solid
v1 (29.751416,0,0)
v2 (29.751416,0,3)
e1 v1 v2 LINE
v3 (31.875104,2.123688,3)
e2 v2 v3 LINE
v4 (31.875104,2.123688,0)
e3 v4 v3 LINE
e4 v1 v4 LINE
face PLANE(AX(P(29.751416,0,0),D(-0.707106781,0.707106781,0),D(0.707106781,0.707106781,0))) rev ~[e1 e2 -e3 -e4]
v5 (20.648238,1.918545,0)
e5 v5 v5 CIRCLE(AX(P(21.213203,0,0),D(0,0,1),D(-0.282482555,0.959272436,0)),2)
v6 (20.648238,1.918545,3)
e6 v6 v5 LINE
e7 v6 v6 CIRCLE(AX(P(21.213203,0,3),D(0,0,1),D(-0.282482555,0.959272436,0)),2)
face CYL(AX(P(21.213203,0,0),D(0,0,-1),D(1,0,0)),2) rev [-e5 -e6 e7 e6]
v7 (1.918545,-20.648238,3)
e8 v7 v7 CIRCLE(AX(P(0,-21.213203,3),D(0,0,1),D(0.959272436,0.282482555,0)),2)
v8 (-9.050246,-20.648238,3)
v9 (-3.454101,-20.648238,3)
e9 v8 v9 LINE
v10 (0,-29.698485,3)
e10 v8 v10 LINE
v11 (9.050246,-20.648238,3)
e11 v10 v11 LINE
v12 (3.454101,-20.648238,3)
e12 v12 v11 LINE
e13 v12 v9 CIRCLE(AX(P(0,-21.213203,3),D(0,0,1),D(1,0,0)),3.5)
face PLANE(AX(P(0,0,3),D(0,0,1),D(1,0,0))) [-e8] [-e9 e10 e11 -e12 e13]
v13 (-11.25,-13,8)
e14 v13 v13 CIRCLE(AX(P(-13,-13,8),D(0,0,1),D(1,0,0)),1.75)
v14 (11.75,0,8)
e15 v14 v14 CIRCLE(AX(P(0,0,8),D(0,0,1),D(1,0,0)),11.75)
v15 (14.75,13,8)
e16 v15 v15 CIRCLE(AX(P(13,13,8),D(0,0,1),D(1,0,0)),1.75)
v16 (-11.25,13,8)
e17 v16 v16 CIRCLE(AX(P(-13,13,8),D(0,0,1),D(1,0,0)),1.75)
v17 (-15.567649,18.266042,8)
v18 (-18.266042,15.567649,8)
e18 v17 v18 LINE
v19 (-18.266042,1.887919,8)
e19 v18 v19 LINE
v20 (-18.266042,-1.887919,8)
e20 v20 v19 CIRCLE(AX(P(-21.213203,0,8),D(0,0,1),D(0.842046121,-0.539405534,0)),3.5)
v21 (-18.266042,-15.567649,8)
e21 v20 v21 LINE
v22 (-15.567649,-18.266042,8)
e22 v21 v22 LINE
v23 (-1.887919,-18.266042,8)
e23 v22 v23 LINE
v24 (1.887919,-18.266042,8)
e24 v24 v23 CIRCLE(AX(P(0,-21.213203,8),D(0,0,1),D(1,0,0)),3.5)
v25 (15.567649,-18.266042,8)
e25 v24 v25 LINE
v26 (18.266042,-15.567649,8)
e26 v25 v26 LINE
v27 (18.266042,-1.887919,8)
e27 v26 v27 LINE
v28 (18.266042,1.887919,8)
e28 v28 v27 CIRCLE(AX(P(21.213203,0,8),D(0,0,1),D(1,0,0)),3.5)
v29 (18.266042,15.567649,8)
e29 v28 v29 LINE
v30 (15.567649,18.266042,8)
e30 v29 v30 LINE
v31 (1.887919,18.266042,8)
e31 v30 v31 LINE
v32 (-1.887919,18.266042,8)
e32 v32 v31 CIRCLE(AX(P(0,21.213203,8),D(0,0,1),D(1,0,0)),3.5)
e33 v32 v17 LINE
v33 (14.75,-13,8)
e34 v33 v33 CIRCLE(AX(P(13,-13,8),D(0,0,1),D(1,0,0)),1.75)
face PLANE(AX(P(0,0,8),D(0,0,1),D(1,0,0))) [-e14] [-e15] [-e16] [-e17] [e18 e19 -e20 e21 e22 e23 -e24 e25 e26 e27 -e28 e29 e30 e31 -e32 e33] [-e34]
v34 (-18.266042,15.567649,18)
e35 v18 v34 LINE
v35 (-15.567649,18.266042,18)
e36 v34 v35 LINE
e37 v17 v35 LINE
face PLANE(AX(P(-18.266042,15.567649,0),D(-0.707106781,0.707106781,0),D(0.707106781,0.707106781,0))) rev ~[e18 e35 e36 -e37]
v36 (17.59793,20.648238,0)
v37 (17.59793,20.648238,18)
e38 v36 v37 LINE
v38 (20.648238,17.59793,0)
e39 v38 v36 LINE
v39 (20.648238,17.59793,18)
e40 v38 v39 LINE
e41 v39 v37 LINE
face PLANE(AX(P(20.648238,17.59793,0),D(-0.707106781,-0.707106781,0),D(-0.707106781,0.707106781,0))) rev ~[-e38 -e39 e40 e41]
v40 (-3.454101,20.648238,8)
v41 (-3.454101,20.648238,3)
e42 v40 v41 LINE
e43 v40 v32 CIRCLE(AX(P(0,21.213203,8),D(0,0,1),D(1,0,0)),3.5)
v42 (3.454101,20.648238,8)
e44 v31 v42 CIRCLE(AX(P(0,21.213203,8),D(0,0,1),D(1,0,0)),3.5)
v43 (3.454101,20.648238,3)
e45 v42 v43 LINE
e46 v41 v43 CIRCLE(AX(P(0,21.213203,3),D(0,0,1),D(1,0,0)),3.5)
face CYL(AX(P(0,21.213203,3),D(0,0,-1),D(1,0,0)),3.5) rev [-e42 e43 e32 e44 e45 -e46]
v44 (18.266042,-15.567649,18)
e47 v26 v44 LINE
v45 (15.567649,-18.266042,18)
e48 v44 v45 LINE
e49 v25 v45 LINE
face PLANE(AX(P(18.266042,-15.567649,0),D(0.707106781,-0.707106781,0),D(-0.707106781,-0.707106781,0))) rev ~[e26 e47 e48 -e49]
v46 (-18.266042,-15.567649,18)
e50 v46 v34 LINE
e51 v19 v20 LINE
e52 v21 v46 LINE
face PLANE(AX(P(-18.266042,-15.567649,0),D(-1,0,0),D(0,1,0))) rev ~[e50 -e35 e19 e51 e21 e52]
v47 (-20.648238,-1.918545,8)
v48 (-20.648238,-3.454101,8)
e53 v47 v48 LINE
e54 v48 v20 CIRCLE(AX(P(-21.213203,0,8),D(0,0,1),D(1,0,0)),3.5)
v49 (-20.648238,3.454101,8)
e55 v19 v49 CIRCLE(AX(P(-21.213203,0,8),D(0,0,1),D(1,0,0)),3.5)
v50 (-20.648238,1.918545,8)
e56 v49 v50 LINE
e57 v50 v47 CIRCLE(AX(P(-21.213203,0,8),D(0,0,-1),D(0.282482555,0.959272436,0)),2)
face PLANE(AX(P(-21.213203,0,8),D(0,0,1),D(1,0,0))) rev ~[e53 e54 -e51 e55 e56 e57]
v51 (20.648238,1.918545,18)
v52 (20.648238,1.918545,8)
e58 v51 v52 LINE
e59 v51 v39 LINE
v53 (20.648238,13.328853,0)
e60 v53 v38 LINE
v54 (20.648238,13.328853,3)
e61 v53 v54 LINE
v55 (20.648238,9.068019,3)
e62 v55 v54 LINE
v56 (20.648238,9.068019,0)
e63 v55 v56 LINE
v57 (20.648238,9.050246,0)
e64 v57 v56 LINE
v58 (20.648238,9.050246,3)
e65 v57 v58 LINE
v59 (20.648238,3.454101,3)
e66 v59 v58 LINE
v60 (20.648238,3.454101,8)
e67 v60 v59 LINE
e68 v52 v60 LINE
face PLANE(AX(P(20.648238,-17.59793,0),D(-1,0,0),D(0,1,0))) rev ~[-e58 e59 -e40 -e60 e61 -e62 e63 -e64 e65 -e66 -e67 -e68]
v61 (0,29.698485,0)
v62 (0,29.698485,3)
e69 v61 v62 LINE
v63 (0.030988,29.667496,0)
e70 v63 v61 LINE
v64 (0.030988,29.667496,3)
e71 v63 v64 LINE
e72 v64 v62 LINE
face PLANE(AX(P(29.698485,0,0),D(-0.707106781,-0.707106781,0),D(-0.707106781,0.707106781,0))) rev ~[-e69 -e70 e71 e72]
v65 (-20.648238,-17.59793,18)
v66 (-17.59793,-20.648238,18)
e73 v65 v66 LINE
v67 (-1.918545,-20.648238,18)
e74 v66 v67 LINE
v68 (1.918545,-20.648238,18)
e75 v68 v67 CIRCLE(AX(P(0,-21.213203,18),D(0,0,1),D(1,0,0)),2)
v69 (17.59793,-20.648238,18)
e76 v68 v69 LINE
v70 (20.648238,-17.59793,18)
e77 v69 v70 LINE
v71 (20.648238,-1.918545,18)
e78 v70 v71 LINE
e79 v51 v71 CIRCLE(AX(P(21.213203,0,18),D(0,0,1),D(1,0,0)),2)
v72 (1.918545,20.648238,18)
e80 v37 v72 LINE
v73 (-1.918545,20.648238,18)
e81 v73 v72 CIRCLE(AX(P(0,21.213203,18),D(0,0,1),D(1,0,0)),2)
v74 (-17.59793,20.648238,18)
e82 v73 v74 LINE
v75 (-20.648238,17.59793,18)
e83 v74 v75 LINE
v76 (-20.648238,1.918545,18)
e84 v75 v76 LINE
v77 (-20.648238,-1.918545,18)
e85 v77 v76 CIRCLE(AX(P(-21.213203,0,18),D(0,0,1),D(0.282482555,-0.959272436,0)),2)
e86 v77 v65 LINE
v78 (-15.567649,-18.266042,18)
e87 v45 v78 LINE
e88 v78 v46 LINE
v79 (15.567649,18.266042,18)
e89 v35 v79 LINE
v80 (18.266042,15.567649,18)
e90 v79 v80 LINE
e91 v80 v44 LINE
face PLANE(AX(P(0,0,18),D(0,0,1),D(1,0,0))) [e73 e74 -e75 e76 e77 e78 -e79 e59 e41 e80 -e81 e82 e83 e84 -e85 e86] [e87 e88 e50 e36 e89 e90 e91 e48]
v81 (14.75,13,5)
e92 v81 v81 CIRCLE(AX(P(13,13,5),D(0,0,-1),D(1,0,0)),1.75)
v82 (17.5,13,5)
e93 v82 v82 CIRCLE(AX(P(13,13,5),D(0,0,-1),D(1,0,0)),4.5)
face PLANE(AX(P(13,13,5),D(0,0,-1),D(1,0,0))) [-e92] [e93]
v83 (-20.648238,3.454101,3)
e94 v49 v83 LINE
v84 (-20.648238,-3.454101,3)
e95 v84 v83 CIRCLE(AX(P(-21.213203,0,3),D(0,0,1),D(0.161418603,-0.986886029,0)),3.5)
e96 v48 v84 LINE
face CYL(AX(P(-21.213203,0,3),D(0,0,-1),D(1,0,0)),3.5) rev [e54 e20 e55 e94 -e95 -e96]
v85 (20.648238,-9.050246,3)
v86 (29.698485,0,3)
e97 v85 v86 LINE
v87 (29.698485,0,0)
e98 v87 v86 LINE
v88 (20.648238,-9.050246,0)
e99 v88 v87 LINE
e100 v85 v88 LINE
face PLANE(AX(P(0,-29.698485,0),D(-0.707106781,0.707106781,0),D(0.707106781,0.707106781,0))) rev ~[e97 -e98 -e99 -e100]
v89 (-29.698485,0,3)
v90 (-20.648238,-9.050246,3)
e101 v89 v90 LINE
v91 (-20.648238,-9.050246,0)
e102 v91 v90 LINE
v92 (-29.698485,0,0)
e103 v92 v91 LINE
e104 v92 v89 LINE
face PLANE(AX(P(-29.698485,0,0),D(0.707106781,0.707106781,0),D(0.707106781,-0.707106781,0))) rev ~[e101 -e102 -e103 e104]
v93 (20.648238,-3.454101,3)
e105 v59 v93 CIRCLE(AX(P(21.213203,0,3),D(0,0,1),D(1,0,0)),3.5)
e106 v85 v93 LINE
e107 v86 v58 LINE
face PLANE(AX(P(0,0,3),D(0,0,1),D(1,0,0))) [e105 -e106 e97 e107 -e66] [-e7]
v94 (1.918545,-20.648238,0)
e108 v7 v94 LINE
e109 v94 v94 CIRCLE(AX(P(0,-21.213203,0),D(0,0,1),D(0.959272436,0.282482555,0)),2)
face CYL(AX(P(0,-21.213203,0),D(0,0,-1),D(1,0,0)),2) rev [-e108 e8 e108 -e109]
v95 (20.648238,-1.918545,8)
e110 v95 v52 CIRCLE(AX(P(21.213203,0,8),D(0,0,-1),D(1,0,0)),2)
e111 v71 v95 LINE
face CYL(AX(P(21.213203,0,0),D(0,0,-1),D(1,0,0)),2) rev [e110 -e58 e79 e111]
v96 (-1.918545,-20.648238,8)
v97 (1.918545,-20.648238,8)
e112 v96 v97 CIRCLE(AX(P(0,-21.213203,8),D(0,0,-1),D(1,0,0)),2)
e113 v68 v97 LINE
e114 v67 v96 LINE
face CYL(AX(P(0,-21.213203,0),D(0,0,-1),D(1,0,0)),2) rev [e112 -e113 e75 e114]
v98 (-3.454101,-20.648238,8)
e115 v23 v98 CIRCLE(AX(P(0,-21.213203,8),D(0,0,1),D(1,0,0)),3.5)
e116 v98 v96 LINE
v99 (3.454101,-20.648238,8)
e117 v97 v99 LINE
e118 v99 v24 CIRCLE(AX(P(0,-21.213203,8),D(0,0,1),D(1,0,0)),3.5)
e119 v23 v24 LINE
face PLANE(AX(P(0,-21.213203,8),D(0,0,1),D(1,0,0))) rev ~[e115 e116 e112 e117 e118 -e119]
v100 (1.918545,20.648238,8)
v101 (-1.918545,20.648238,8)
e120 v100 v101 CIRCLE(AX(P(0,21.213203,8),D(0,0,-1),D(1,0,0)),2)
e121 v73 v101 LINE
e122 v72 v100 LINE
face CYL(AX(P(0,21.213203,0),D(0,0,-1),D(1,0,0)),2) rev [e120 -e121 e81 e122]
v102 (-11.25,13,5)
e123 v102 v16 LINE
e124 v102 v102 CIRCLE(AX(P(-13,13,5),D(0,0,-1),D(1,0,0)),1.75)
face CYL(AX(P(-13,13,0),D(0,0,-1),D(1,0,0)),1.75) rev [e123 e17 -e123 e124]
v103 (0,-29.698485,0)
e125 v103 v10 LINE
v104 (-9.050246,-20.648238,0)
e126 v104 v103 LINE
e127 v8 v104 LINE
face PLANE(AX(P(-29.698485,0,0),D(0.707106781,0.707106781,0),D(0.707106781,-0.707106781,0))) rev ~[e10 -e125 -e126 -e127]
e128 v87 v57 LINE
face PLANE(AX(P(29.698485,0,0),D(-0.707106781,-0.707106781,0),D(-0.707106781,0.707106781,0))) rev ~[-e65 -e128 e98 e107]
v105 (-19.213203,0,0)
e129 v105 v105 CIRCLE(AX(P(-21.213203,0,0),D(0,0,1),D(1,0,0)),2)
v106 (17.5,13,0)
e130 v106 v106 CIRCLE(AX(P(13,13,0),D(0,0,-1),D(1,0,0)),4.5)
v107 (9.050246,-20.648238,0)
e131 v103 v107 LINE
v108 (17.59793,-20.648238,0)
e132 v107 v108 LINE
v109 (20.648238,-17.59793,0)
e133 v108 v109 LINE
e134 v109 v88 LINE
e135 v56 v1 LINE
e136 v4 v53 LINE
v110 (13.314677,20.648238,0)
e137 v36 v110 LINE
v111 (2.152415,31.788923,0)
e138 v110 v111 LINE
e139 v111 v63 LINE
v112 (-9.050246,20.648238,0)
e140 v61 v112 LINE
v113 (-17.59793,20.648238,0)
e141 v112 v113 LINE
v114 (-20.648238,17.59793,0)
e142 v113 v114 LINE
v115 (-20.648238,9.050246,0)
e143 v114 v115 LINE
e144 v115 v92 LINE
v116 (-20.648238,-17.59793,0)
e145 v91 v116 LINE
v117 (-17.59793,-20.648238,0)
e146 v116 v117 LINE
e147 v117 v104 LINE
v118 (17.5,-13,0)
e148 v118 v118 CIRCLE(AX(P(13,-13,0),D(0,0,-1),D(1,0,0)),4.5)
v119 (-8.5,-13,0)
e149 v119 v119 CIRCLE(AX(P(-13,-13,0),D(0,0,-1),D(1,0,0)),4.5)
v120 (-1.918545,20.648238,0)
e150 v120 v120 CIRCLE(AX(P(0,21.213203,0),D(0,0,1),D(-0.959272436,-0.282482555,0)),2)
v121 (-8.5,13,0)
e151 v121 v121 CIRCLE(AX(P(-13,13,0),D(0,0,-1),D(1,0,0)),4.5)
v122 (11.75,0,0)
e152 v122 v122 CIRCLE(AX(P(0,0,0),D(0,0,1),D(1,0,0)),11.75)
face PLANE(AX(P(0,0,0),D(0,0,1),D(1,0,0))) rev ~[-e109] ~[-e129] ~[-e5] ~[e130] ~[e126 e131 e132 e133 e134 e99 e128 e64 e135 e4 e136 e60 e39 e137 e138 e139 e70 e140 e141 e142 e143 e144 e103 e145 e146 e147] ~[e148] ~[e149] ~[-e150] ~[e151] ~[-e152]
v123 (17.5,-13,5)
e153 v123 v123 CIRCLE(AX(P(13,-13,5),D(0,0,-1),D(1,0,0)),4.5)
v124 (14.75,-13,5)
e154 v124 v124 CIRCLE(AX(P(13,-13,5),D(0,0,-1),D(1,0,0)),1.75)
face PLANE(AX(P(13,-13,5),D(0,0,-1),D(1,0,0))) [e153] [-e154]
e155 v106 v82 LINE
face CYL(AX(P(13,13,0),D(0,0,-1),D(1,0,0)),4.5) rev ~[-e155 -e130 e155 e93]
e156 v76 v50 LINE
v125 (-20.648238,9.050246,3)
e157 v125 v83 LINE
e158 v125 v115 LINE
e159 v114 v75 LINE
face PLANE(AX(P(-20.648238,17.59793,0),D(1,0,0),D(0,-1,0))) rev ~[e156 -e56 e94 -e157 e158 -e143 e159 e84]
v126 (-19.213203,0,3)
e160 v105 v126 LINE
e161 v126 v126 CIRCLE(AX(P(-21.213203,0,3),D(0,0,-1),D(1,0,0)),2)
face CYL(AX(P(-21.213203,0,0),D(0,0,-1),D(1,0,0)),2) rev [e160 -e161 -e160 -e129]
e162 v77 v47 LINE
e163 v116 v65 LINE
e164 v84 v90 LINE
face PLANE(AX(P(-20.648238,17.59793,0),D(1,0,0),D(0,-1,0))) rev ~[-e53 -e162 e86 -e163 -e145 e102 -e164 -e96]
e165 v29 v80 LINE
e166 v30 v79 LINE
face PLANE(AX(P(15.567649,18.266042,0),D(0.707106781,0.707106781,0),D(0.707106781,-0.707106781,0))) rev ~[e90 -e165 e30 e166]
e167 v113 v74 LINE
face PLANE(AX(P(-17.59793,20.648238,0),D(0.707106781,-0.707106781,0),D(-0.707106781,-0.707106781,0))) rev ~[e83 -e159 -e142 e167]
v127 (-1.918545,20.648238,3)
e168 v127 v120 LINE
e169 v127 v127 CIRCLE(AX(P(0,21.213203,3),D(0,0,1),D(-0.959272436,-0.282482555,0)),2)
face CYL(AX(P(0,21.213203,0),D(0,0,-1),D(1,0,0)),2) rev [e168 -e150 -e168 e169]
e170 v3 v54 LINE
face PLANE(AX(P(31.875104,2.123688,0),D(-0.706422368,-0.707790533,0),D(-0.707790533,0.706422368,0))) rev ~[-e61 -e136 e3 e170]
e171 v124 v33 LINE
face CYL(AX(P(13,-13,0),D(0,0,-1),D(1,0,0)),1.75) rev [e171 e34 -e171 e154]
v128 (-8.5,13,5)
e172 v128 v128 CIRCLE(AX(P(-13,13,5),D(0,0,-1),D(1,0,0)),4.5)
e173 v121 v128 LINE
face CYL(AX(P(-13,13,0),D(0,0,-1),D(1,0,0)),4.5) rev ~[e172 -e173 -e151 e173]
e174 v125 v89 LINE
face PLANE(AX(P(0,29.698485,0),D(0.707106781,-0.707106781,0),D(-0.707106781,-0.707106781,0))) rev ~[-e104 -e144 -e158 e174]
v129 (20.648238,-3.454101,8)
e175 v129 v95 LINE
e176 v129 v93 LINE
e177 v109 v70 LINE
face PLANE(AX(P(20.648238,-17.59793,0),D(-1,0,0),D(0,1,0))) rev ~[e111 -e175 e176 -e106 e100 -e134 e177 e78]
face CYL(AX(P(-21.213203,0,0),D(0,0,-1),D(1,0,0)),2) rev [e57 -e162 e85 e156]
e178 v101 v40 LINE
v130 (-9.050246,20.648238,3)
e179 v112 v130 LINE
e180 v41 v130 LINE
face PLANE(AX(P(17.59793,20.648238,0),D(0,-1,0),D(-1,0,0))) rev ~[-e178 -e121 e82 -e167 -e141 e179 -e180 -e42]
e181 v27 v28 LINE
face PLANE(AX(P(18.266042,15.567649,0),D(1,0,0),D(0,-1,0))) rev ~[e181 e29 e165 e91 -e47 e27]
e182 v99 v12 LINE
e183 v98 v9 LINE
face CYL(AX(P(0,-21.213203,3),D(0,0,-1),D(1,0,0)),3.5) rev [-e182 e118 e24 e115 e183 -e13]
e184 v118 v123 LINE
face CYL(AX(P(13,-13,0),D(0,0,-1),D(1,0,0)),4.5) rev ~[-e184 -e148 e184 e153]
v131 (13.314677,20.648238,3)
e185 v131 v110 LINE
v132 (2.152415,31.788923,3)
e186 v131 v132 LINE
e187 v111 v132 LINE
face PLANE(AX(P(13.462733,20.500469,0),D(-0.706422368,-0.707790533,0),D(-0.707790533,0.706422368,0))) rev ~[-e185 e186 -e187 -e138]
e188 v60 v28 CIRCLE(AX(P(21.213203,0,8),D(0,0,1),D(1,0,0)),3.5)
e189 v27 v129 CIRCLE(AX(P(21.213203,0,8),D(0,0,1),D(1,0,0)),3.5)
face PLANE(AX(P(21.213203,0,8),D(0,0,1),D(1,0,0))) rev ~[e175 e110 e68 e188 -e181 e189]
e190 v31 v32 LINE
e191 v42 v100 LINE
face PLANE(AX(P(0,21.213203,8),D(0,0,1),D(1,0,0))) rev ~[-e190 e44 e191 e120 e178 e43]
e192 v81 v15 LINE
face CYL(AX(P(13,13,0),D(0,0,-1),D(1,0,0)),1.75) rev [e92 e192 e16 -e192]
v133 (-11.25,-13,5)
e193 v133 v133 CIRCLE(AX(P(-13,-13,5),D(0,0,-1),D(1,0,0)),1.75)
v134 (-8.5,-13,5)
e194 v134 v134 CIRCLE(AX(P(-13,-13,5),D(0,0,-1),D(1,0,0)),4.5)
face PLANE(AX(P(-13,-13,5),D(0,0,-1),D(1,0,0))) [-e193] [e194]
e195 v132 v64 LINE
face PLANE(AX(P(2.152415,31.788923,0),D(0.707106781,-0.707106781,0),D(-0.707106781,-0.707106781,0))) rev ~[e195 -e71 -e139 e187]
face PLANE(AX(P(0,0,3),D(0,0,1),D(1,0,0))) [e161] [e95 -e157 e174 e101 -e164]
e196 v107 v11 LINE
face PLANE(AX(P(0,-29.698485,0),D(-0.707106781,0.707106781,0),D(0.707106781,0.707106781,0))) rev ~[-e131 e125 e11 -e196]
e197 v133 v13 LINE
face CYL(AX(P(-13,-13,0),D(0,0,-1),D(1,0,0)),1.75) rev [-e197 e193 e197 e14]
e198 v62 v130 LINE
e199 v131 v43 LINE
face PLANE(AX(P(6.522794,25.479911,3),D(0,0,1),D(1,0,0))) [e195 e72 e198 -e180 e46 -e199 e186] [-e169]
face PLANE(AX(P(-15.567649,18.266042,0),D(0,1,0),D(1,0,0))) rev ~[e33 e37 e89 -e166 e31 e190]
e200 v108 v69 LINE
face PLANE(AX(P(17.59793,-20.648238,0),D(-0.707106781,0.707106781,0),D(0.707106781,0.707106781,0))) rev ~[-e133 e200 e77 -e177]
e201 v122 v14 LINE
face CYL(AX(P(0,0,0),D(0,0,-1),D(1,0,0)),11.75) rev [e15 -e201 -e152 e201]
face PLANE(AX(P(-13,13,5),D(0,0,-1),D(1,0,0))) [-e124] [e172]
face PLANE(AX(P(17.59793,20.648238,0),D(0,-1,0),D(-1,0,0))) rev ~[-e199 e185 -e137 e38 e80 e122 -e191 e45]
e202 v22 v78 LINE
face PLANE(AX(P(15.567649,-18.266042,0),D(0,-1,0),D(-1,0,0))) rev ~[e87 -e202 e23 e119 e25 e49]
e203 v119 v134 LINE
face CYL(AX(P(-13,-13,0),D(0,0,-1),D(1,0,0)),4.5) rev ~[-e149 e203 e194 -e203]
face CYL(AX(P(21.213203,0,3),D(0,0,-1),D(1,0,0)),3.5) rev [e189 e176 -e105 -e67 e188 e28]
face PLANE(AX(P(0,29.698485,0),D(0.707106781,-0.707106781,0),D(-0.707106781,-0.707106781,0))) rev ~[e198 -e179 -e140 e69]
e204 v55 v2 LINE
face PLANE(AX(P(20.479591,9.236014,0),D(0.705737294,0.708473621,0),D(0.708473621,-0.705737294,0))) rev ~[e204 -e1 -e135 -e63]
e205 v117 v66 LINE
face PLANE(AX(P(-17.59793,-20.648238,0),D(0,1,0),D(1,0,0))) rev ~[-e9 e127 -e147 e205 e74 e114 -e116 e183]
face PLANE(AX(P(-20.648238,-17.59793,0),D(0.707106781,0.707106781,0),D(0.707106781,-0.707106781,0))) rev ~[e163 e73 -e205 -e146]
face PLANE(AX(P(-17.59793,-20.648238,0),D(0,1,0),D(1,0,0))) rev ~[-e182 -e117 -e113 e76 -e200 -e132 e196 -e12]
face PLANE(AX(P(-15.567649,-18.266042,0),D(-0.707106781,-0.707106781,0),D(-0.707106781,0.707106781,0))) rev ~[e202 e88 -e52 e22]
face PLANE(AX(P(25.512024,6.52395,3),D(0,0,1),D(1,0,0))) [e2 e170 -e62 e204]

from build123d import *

# Parameters (mm, degrees)
F4_DEPTH  = 18
F2_R      = 1.75
F2_R_2    = 11.75
F5_DEPTH  = 8
F3_R      = 2
F3_R_2    = 1.75
F3_R_3    = 11.75
F6_DEPTH  = 3
F7_DEPTH  = 18
F8_R      = 4.5
F8_R_2    = 1.75
F9_DEPTH  = 5
F10_DEPTH = 5
F11_R     = 3.5
F12_DEPTH = 5
F14_DEPTH = 3
F15_DEPTH = 5
F16_DEPTH = 5
F17_R     = 1.75
F18_DEPTH = 5


with BuildPart() as f4:
    # F1 (on Top) → F4 (new body)
    with BuildSketch(Plane.XY):
        Polygon((-17.5979303911, 20.6482383256), (-20.6482383256, 17.5979303911), (-20.6482383256, -17.5979303911), (-17.5979303911, -20.6482383256), (17.5979303911, -20.6482383256), (20.6482383256, -17.5979303911), (20.6482383256, 17.5979303911), (17.5979303911, 20.6482383256), align=None)
        Polygon((-15.5676494429, -18.266042013), (-18.266042013, -15.5676494429), (-18.266042013, 15.5676494429), (-15.5676494429, 18.266042013), (15.5676494429, 18.266042013), (18.266042013, 15.5676494429), (18.266042013, -15.5676494429), (15.5676494429, -18.266042013), align=None, mode=Mode.SUBTRACT)
    extrude(amount=F4_DEPTH)

    # F2 (on Top) → F5 (join)
    with BuildSketch(Plane.XY):
        Polygon((-15.5676494429, 18.266042013), (-18.266042013, 15.5676494429), (-18.266042013, -15.5676494429), (-15.5676494429, -18.266042013), (15.5676494429, -18.266042013), (18.266042013, -15.5676494429), (18.266042013, 15.5676494429), (15.5676494429, 18.266042013), align=None)
        with Locations((-13, -13)):
            Circle(F2_R, mode=Mode.SUBTRACT)
        with Locations((13, -13)):
            Circle(F2_R, mode=Mode.SUBTRACT)
        with Locations((-13, 13)):
            Circle(F2_R, mode=Mode.SUBTRACT)
        Circle(F2_R_2, mode=Mode.SUBTRACT)
        with Locations((13, 13)):
            Circle(F2_R, mode=Mode.SUBTRACT)
    extrude(amount=F5_DEPTH)

    # F3 (on Top) → F6 (join)
    with BuildSketch(Plane.XY):
        Polygon((-29.6984848098, 0), (0, -29.6984848098), (29.6984848098, 0), (0, 29.6984848098), align=None)
        with Locations((0, -21.2132034356)):
            Circle(F3_R, mode=Mode.SUBTRACT)
        with Locations((-13, -13)):
            Circle(F3_R_2, mode=Mode.SUBTRACT)
        with Locations((13, -13)):
            Circle(F3_R_2, mode=Mode.SUBTRACT)
        with Locations((-21.2132034356, 0)):
            Circle(F3_R, mode=Mode.SUBTRACT)
        Circle(F3_R_3, mode=Mode.SUBTRACT)
        with Locations((-13, 13)):
            Circle(F3_R_2, mode=Mode.SUBTRACT)
        with Locations((0, 21.2132034356)):
            Circle(F3_R, mode=Mode.SUBTRACT)
        with Locations((13, 13)):
            Circle(F3_R_2, mode=Mode.SUBTRACT)
        with Locations((21.2132034356, 0)):
            Circle(F3_R, mode=Mode.SUBTRACT)
    extrude(amount=F6_DEPTH)

    # F3 (on Top) → F7 (cut)
    with BuildSketch(Plane.XY):
        with Locations((21.2132034356, 0)):
            Circle(F3_R)
        with Locations((0, 21.2132034356)):
            Circle(F3_R)
        with Locations((0, -21.2132034356)):
            Circle(F3_R)
        with Locations((-21.2132034356, 0)):
            Circle(F3_R)
    extrude(amount=F7_DEPTH, mode=Mode.SUBTRACT)

    # F8 (on face) + F2 (on Top) → F9 (cut)
    with BuildSketch(Plane(origin=(0, 0, 0), x_dir=(1, 0, 0), z_dir=(0, 0, -1))):
        with Locations((-13, -13)):
            Circle(F8_R)
        with Locations((-13, -13)):
            Circle(F8_R_2, mode=Mode.SUBTRACT)
    with BuildSketch(Plane.XY):
        with Locations((-13, 13)):
            Circle(F2_R)
    extrude(amount=-F9_DEPTH, dir=(0, 0, -1), mode=Mode.SUBTRACT)

    # F8 (on face) + F2 (on Top) → F10 (cut)
    with BuildSketch(Plane(origin=(0, 0, 0), x_dir=(1, 0, 0), z_dir=(0, 0, -1))):
        with Locations((13, 13)):
            Circle(F8_R)
        with Locations((13, 13)):
            Circle(F8_R_2, mode=Mode.SUBTRACT)
    with BuildSketch(Plane.XY):
        with Locations((13, -13)):
            Circle(F2_R)
    extrude(amount=-F10_DEPTH, dir=(0, 0, -1), mode=Mode.SUBTRACT)

    # F11 (on face) → F12 (cut)
    with BuildSketch(Plane.XY.offset(3)):
        with Locations((0, 21.2132034356)):
            Circle(F11_R)
        with Locations((0, -21.2132034356)):
            Circle(F11_R)
        with Locations((21.2132034356, 0)):
            Circle(F11_R)
        with Locations((-21.2132034356, 0)):
            Circle(F11_R)
    extrude(amount=F12_DEPTH, mode=Mode.SUBTRACT)

    # F13 (on face) → F14 (join)
    with BuildSketch(Plane.XY):
        Polygon((13.4627325878, 20.5004686409), (2.1524152157, 31.7889230696), (0.030988478, 29.6674963319), (9.1980161689, 20.5004686409), align=None)
        Polygon((31.875104401, 2.1236881052), (20.4795914376, 13.4971734413), (20.4795914376, 9.2360144303), (29.7514162958, 0), align=None)
    extrude(amount=F14_DEPTH)

    # F8 (on face) → F15 (cut)
    with BuildSketch(Plane(origin=(0, 0, 0), x_dir=(1, 0, 0), z_dir=(0, 0, -1))):
        with Locations((13, -13)):
            Circle(F8_R)
        with Locations((13, -13)):
            Circle(F8_R_2, mode=Mode.SUBTRACT)
    extrude(amount=-F15_DEPTH, mode=Mode.SUBTRACT)

    # F8 (on face) → F16 (cut)
    with BuildSketch(Plane(origin=(0, 0, 0), x_dir=(1, 0, 0), z_dir=(0, 0, -1))):
        with Locations((-13, 13)):
            Circle(F8_R)
        with Locations((-13, 13)):
            Circle(F8_R_2, mode=Mode.SUBTRACT)
    extrude(amount=-F16_DEPTH, mode=Mode.SUBTRACT)

    # F17 (on face) → F18 (cut)
    with BuildSketch(Plane(origin=(19.1230843583, 19.1230843583, 0), x_dir=(-0.7071067812, 0.7071067812, 0), z_dir=(0.7071067812, 0.7071067812, 0))):
        with Locations((33.1568941474, 3.2000013161)):
            Circle(F17_R)
        with Locations((33.1568941474, 16.7999986839)):
            Circle(F17_R)
        with Locations((-33.1568941474, 16.7999986839)):
            Circle(F17_R)
        with Locations((-33.1568941474, 3.2000013161)):
            Circle(F17_R)
    extrude(amount=-F18_DEPTH, mode=Mode.SUBTRACT)


solid = f4.part
